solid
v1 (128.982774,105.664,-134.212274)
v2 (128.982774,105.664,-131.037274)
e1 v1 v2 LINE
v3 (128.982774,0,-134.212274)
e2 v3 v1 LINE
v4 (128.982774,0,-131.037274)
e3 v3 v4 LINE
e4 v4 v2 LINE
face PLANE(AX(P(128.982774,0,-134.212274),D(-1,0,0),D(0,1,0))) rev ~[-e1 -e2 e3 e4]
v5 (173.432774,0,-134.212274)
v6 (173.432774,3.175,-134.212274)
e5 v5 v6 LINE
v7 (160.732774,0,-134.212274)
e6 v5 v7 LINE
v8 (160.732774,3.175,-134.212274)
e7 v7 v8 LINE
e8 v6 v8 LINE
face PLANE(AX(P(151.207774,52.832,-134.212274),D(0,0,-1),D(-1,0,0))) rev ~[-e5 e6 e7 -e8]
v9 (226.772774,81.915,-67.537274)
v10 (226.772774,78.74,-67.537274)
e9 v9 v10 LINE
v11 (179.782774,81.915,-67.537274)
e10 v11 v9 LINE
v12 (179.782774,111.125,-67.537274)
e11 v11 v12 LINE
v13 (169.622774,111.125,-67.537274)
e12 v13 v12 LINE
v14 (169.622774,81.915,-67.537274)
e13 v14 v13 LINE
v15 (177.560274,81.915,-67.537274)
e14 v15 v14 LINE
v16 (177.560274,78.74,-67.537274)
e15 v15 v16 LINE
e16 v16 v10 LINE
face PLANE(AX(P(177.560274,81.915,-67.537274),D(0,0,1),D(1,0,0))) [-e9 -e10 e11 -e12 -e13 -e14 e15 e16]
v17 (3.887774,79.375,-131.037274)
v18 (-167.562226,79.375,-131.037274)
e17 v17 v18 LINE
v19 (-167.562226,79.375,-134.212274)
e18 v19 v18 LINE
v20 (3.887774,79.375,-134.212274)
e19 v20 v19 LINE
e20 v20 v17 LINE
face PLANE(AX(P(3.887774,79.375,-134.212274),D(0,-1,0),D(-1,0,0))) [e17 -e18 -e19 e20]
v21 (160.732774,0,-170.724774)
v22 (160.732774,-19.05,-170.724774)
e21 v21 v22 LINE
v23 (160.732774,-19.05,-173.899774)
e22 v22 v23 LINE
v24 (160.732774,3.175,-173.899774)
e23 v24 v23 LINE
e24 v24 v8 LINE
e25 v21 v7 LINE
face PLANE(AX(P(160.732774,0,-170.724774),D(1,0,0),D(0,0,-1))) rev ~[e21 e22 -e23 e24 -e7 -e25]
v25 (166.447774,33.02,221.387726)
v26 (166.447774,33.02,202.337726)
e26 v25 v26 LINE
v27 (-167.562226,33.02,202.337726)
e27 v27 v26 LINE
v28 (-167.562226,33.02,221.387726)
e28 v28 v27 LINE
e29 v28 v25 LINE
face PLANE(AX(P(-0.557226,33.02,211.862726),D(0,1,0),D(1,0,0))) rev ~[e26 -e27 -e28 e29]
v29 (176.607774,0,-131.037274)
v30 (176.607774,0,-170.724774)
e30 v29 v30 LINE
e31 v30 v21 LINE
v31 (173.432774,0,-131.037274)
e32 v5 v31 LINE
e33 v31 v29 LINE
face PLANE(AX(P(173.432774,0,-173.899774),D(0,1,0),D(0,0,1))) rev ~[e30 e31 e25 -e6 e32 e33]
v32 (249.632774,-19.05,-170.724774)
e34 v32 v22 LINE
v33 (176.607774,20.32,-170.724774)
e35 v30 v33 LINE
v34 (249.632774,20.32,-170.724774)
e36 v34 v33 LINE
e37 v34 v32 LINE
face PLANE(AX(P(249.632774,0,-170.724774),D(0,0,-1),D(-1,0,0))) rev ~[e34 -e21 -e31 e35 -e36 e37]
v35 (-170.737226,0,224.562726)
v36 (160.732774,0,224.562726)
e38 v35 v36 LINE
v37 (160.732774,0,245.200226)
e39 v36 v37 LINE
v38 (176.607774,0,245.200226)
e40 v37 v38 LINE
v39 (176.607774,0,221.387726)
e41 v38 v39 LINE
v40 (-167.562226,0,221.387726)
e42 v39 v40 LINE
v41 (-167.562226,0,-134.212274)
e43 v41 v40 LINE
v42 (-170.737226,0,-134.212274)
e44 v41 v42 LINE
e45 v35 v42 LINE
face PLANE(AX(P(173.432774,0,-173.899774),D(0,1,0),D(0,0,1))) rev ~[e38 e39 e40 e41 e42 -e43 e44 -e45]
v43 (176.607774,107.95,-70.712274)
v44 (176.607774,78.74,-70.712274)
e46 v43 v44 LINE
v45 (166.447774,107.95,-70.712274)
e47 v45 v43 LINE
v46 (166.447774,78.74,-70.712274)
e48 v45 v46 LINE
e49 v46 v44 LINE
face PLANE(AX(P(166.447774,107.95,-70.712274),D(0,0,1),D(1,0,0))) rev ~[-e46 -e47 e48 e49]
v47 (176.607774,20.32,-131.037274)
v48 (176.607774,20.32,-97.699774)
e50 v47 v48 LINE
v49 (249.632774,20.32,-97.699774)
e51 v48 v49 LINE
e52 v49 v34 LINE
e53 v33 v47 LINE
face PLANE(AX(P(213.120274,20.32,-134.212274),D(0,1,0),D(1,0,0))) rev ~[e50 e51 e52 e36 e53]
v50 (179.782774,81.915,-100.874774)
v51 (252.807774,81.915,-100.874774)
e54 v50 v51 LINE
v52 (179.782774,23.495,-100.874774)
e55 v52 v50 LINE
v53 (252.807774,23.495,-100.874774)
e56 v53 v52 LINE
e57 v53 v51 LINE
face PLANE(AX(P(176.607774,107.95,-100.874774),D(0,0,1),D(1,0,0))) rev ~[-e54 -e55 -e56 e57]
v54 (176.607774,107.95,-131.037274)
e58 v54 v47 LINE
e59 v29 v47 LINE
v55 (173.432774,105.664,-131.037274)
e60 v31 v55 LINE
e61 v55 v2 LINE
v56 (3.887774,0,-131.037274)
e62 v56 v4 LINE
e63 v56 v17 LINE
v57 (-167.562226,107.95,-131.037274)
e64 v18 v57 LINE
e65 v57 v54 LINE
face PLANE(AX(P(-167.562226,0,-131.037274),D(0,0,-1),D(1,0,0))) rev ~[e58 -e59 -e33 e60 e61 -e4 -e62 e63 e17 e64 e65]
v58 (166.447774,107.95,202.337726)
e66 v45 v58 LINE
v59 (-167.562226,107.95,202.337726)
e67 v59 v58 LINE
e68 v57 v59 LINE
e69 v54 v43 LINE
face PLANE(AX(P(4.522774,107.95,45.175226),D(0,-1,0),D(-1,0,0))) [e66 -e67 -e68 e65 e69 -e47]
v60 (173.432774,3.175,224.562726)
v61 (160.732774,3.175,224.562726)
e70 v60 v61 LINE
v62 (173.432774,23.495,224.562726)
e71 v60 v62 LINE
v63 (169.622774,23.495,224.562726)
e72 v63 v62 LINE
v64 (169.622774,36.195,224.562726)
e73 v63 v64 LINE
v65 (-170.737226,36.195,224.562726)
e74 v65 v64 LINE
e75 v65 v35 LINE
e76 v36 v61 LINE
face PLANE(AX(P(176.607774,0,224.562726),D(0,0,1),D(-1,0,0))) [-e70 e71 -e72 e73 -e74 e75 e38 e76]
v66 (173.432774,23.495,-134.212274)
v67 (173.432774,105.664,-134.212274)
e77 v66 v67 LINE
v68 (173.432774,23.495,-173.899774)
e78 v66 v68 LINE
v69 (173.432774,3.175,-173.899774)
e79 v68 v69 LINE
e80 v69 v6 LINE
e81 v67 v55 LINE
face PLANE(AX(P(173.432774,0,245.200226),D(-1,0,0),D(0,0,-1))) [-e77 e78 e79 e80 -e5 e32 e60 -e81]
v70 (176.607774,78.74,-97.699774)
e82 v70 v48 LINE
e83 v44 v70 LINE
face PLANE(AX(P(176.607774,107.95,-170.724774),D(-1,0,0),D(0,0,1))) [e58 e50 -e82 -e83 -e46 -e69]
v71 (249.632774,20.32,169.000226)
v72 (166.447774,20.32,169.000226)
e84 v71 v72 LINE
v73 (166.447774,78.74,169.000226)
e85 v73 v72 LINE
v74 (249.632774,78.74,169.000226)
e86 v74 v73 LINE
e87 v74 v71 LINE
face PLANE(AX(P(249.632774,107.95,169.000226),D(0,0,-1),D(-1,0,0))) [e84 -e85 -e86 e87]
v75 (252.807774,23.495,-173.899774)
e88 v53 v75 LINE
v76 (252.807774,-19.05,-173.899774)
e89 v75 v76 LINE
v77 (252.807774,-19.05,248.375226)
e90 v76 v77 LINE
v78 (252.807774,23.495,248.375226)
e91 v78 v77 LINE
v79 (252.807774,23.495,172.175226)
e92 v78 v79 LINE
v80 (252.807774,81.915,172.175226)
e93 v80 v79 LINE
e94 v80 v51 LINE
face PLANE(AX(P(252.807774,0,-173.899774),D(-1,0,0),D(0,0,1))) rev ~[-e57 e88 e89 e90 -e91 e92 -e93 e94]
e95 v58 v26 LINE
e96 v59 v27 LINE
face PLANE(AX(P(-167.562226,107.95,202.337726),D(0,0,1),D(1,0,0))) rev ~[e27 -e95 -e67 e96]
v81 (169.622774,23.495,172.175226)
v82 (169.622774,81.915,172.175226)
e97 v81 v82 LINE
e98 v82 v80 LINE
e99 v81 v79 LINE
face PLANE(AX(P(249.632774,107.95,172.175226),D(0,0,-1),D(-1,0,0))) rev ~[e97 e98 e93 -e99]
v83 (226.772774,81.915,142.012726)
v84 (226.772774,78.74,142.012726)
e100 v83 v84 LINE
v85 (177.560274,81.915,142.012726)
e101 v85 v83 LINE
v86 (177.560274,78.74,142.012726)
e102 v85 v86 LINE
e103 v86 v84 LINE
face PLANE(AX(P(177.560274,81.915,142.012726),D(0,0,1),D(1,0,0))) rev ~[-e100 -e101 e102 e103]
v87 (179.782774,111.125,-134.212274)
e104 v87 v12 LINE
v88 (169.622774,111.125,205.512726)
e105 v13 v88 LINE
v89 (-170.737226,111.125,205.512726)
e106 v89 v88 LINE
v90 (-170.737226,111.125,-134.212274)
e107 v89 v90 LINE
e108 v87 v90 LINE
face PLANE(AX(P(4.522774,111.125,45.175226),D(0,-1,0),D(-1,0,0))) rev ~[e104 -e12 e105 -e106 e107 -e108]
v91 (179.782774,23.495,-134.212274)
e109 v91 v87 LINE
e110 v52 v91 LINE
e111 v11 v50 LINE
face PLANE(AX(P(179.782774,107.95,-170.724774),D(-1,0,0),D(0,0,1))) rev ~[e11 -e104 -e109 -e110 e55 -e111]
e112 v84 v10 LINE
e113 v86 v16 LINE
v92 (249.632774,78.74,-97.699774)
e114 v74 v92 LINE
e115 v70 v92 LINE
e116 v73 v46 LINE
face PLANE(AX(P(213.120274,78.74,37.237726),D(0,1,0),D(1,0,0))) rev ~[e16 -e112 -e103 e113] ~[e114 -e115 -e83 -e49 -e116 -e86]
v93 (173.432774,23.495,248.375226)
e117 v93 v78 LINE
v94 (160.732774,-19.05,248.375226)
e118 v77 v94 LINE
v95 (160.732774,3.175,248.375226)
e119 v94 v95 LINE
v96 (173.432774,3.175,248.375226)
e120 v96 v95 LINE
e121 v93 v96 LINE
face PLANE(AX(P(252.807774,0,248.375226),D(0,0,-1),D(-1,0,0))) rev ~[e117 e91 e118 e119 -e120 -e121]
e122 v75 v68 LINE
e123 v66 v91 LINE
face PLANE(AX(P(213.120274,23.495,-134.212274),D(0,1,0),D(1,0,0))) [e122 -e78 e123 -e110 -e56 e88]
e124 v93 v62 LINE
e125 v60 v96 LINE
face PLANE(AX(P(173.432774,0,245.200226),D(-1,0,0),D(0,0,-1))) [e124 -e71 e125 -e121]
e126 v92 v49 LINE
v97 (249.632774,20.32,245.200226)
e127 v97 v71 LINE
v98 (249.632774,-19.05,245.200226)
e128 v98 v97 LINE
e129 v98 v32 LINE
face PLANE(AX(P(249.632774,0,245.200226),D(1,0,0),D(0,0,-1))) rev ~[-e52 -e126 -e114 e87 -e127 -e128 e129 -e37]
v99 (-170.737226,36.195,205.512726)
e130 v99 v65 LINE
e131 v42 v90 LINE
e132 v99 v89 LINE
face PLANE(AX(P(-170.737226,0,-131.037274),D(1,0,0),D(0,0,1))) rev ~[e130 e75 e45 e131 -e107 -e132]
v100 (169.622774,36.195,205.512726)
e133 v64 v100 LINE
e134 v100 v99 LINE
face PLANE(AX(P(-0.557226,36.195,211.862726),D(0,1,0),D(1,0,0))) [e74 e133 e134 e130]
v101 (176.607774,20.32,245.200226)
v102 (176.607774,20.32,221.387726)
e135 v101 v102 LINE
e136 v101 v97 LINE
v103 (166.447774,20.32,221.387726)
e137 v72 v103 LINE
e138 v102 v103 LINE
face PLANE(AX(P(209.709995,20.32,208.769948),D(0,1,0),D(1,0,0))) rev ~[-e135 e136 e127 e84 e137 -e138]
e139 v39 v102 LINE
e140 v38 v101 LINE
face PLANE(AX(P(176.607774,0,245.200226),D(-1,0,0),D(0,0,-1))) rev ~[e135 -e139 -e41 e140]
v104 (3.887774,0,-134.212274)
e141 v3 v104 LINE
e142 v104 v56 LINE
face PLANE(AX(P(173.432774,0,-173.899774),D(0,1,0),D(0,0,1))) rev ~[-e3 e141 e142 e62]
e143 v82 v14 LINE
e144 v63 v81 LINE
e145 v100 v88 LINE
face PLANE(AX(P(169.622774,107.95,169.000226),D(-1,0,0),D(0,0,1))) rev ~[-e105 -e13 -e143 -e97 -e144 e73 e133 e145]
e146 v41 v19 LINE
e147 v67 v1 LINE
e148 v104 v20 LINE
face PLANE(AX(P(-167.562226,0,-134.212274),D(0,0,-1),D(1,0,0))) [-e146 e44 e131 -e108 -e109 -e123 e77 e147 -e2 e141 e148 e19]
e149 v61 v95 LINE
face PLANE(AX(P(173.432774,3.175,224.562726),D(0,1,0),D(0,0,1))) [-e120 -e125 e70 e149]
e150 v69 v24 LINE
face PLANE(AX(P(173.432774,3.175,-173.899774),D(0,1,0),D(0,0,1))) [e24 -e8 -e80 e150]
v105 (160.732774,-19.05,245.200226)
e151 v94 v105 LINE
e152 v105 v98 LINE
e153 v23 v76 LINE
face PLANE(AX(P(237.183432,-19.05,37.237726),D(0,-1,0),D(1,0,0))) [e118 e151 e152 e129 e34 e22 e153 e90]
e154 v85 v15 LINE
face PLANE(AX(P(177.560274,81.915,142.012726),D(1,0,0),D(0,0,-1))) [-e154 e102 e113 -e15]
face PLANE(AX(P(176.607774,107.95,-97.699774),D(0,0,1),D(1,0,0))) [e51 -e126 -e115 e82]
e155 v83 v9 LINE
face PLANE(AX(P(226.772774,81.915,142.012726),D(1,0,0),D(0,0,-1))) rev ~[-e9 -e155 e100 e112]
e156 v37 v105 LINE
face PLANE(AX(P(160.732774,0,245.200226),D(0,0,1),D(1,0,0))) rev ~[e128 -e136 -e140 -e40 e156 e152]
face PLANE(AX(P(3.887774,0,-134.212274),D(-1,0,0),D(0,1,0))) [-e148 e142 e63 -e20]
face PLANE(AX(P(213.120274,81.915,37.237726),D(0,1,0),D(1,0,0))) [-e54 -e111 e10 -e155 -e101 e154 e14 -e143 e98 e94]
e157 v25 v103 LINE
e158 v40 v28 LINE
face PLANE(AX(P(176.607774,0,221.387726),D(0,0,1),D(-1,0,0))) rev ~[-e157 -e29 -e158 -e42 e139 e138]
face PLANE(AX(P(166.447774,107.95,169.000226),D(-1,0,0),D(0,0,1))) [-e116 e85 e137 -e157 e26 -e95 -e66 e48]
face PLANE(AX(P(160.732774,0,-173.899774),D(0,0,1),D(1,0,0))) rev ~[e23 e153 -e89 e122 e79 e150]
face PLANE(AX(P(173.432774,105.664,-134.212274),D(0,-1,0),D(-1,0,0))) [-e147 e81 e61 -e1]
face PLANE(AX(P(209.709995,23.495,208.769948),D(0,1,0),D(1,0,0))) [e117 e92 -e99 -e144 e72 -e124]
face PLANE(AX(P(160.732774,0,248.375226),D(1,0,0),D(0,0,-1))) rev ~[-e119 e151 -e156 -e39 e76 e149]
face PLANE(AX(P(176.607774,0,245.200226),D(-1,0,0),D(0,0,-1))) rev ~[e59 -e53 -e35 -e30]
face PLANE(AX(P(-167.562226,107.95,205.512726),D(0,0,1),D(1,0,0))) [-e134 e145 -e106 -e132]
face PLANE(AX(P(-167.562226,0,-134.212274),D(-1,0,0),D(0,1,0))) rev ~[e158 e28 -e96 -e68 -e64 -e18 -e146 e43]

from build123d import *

# Parameters (mm, degrees)
HV_TOP_PANEL_DEPTH                   = 107.95
SKETCH10_W                           = 73.025
SKETCH10_H                           = 415.925
INTERFACE_WITH_BACK_COVER_DEPTH      = 78.74
SKETCH11_W                           = 334.01
SKETCH11_H                           = 19.05
INTEFACE_WITH_MOTOR_DISCONNECT_DEPTH = 74.93
CUT_EXTRUDE6_DEPTH                   = 87.63
SKETCH14_W                           = 10.16
SKETCH14_H                           = 239.7125
CUT_EXTRUDE3_DEPTH                   = 29.21
SHELL1_T                             = 3.175
SKETCH17_W                           = 39.6875
SKETCH17_H                           = 3.175
SKETCH17_W_2                         = 23.8125
OVERLAP_ON_LID_DEPTH                 = 12.7
LIP_DEPTH                            = 19.05
SKETCH18_W                           = 49.2125
SKETCH18_H                           = 209.55
MOTOR_DISCONNECT_DEPTH               = 7.62
SKETCH19_W                           = 44.45
SKETCH19_H                           = 105.664
SKETCH19_W_2                         = 171.45
SKETCH19_H_2                         = 79.375
LV_AND_HV_PANELS_DEPTH               = 7.62


with BuildPart() as part:
    # Sketch4 → HV Top Panel (new body)
    with BuildSketch(Plane(origin=(0, 0, 0), x_dir=(1, 0, 0), z_dir=(0, 1, 0))):
        Polygon((176.607773845, -221.387726412), (-167.562226155, -221.387726412), (-167.562226155, -219.800226412), (-167.562226155, 131.037273588), (176.607773845, 131.037273588), align=None)
    extrude(amount=HV_TOP_PANEL_DEPTH)

    # Sketch10 → Interface with Back Cover (add)
    with BuildSketch(Plane(origin=(0, 0, 0), x_dir=(1, 0, 0), z_dir=(0, 1, 0))):
        with Locations((213.120273845, -37.237726412)):
            Rectangle(SKETCH10_W, SKETCH10_H)
    extrude(amount=INTERFACE_WITH_BACK_COVER_DEPTH)

    # Sketch11 → Inteface with Motor Disconnect (cut)
    with BuildSketch(Plane(origin=(0, 107.95, 0), x_dir=(1, 0, 0), z_dir=(0, 1, 0))):
        with Locations((-0.557226155, -211.862726412)):
            Rectangle(SKETCH11_W, SKETCH11_H)
    extrude(amount=-INTEFACE_WITH_MOTOR_DISCONNECT_DEPTH, mode=Mode.SUBTRACT)

    # Sketch11<3> → Cut-Extrude6 (cut)
    with BuildSketch(Plane(origin=(0, 107.95, 0), x_dir=(1, 0, 0), z_dir=(0, 1, 0))):
        Polygon((166.447773845, -245.200226412), (249.632773845, -245.200226412), (249.632773845, -169.000226412), (176.607773845, -169.000226412), (176.607773845, -221.387726412), (166.447773845, -221.387726412), align=None)
        Polygon((166.447773845, -202.337726412), (166.447773845, -221.387726412), (176.607773845, -221.387726412), (176.607773845, -169.000226412), (166.447773845, -169.000226412), align=None)
        Polygon((176.607773845, 131.037273588), (176.607773845, 97.699773588), (249.632773845, 97.699773588), (249.632773845, 170.724773588), (176.607773845, 170.724773588), align=None)
    extrude(amount=-CUT_EXTRUDE6_DEPTH, mode=Mode.SUBTRACT)

    # Sketch14 → Cut-Extrude3 (cut)
    with BuildSketch(Plane(origin=(0, 107.95, 0), x_dir=(1, 0, 0), z_dir=(0, 1, 0))):
        with Locations((171.527773845, -49.143976412)):
            Rectangle(SKETCH14_W, SKETCH14_H)
    extrude(amount=-CUT_EXTRUDE3_DEPTH, mode=Mode.SUBTRACT)

    # Shell1
    shell1_openings = [part.faces().sort_by_distance(p)[0] for p in [
        (46.296622828, 0, 43.585658338),
    ]]
    offset(amount=SHELL1_T, openings=shell1_openings, kind=Kind.INTERSECTION)

    # Sketch17 → Overlap on Lid (add)
    with BuildSketch(Plane.ZY.offset(-173.432773845)):
        with Locations((-154.056023588, 1.5875)):
            Rectangle(SKETCH17_W, SKETCH17_H)
        with Locations((236.468976412, 1.5875)):
            Rectangle(SKETCH17_W_2, SKETCH17_H)
    extrude(amount=OVERLAP_ON_LID_DEPTH)

    # Sketch15 → Lip (add)
    with BuildSketch(Plane.XZ):
        Polygon((249.632773845, 245.200226412), (249.632773845, -170.724773588), (176.607773845, -170.724773588), (160.732773845, -170.724773588), (160.732773845, -173.899773588), (252.807773845, -173.899773588), (252.807773845, 248.375226412), (160.732773845, 248.375226412), (160.732773845, 245.200226412), (176.607773845, 245.200226412), align=None)
    extrude(amount=LIP_DEPTH)

    # Sketch18 → Motor Disconnect (cut)
    with BuildSketch(Plane(origin=(0, 81.915, 0), x_dir=(1, 0, 0), z_dir=(0, 1, 0))):
        with Locations((202.166523845, -37.237726412)):
            Rectangle(SKETCH18_W, SKETCH18_H)
    extrude(amount=-MOTOR_DISCONNECT_DEPTH, mode=Mode.SUBTRACT)

    # Sketch19 → LV and HV Panels (cut)
    with BuildSketch(Plane(origin=(0, 0, -134.212273588), x_dir=(-1, 0, 0), z_dir=(0, 0, -1))):
        with Locations((-151.207773845, 52.832)):
            Rectangle(SKETCH19_W, SKETCH19_H)
        with Locations((81.837226155, 39.6875)):
            Rectangle(SKETCH19_W_2, SKETCH19_H_2)
    extrude(amount=-LV_AND_HV_PANELS_DEPTH, mode=Mode.SUBTRACT)


solid = part.part
